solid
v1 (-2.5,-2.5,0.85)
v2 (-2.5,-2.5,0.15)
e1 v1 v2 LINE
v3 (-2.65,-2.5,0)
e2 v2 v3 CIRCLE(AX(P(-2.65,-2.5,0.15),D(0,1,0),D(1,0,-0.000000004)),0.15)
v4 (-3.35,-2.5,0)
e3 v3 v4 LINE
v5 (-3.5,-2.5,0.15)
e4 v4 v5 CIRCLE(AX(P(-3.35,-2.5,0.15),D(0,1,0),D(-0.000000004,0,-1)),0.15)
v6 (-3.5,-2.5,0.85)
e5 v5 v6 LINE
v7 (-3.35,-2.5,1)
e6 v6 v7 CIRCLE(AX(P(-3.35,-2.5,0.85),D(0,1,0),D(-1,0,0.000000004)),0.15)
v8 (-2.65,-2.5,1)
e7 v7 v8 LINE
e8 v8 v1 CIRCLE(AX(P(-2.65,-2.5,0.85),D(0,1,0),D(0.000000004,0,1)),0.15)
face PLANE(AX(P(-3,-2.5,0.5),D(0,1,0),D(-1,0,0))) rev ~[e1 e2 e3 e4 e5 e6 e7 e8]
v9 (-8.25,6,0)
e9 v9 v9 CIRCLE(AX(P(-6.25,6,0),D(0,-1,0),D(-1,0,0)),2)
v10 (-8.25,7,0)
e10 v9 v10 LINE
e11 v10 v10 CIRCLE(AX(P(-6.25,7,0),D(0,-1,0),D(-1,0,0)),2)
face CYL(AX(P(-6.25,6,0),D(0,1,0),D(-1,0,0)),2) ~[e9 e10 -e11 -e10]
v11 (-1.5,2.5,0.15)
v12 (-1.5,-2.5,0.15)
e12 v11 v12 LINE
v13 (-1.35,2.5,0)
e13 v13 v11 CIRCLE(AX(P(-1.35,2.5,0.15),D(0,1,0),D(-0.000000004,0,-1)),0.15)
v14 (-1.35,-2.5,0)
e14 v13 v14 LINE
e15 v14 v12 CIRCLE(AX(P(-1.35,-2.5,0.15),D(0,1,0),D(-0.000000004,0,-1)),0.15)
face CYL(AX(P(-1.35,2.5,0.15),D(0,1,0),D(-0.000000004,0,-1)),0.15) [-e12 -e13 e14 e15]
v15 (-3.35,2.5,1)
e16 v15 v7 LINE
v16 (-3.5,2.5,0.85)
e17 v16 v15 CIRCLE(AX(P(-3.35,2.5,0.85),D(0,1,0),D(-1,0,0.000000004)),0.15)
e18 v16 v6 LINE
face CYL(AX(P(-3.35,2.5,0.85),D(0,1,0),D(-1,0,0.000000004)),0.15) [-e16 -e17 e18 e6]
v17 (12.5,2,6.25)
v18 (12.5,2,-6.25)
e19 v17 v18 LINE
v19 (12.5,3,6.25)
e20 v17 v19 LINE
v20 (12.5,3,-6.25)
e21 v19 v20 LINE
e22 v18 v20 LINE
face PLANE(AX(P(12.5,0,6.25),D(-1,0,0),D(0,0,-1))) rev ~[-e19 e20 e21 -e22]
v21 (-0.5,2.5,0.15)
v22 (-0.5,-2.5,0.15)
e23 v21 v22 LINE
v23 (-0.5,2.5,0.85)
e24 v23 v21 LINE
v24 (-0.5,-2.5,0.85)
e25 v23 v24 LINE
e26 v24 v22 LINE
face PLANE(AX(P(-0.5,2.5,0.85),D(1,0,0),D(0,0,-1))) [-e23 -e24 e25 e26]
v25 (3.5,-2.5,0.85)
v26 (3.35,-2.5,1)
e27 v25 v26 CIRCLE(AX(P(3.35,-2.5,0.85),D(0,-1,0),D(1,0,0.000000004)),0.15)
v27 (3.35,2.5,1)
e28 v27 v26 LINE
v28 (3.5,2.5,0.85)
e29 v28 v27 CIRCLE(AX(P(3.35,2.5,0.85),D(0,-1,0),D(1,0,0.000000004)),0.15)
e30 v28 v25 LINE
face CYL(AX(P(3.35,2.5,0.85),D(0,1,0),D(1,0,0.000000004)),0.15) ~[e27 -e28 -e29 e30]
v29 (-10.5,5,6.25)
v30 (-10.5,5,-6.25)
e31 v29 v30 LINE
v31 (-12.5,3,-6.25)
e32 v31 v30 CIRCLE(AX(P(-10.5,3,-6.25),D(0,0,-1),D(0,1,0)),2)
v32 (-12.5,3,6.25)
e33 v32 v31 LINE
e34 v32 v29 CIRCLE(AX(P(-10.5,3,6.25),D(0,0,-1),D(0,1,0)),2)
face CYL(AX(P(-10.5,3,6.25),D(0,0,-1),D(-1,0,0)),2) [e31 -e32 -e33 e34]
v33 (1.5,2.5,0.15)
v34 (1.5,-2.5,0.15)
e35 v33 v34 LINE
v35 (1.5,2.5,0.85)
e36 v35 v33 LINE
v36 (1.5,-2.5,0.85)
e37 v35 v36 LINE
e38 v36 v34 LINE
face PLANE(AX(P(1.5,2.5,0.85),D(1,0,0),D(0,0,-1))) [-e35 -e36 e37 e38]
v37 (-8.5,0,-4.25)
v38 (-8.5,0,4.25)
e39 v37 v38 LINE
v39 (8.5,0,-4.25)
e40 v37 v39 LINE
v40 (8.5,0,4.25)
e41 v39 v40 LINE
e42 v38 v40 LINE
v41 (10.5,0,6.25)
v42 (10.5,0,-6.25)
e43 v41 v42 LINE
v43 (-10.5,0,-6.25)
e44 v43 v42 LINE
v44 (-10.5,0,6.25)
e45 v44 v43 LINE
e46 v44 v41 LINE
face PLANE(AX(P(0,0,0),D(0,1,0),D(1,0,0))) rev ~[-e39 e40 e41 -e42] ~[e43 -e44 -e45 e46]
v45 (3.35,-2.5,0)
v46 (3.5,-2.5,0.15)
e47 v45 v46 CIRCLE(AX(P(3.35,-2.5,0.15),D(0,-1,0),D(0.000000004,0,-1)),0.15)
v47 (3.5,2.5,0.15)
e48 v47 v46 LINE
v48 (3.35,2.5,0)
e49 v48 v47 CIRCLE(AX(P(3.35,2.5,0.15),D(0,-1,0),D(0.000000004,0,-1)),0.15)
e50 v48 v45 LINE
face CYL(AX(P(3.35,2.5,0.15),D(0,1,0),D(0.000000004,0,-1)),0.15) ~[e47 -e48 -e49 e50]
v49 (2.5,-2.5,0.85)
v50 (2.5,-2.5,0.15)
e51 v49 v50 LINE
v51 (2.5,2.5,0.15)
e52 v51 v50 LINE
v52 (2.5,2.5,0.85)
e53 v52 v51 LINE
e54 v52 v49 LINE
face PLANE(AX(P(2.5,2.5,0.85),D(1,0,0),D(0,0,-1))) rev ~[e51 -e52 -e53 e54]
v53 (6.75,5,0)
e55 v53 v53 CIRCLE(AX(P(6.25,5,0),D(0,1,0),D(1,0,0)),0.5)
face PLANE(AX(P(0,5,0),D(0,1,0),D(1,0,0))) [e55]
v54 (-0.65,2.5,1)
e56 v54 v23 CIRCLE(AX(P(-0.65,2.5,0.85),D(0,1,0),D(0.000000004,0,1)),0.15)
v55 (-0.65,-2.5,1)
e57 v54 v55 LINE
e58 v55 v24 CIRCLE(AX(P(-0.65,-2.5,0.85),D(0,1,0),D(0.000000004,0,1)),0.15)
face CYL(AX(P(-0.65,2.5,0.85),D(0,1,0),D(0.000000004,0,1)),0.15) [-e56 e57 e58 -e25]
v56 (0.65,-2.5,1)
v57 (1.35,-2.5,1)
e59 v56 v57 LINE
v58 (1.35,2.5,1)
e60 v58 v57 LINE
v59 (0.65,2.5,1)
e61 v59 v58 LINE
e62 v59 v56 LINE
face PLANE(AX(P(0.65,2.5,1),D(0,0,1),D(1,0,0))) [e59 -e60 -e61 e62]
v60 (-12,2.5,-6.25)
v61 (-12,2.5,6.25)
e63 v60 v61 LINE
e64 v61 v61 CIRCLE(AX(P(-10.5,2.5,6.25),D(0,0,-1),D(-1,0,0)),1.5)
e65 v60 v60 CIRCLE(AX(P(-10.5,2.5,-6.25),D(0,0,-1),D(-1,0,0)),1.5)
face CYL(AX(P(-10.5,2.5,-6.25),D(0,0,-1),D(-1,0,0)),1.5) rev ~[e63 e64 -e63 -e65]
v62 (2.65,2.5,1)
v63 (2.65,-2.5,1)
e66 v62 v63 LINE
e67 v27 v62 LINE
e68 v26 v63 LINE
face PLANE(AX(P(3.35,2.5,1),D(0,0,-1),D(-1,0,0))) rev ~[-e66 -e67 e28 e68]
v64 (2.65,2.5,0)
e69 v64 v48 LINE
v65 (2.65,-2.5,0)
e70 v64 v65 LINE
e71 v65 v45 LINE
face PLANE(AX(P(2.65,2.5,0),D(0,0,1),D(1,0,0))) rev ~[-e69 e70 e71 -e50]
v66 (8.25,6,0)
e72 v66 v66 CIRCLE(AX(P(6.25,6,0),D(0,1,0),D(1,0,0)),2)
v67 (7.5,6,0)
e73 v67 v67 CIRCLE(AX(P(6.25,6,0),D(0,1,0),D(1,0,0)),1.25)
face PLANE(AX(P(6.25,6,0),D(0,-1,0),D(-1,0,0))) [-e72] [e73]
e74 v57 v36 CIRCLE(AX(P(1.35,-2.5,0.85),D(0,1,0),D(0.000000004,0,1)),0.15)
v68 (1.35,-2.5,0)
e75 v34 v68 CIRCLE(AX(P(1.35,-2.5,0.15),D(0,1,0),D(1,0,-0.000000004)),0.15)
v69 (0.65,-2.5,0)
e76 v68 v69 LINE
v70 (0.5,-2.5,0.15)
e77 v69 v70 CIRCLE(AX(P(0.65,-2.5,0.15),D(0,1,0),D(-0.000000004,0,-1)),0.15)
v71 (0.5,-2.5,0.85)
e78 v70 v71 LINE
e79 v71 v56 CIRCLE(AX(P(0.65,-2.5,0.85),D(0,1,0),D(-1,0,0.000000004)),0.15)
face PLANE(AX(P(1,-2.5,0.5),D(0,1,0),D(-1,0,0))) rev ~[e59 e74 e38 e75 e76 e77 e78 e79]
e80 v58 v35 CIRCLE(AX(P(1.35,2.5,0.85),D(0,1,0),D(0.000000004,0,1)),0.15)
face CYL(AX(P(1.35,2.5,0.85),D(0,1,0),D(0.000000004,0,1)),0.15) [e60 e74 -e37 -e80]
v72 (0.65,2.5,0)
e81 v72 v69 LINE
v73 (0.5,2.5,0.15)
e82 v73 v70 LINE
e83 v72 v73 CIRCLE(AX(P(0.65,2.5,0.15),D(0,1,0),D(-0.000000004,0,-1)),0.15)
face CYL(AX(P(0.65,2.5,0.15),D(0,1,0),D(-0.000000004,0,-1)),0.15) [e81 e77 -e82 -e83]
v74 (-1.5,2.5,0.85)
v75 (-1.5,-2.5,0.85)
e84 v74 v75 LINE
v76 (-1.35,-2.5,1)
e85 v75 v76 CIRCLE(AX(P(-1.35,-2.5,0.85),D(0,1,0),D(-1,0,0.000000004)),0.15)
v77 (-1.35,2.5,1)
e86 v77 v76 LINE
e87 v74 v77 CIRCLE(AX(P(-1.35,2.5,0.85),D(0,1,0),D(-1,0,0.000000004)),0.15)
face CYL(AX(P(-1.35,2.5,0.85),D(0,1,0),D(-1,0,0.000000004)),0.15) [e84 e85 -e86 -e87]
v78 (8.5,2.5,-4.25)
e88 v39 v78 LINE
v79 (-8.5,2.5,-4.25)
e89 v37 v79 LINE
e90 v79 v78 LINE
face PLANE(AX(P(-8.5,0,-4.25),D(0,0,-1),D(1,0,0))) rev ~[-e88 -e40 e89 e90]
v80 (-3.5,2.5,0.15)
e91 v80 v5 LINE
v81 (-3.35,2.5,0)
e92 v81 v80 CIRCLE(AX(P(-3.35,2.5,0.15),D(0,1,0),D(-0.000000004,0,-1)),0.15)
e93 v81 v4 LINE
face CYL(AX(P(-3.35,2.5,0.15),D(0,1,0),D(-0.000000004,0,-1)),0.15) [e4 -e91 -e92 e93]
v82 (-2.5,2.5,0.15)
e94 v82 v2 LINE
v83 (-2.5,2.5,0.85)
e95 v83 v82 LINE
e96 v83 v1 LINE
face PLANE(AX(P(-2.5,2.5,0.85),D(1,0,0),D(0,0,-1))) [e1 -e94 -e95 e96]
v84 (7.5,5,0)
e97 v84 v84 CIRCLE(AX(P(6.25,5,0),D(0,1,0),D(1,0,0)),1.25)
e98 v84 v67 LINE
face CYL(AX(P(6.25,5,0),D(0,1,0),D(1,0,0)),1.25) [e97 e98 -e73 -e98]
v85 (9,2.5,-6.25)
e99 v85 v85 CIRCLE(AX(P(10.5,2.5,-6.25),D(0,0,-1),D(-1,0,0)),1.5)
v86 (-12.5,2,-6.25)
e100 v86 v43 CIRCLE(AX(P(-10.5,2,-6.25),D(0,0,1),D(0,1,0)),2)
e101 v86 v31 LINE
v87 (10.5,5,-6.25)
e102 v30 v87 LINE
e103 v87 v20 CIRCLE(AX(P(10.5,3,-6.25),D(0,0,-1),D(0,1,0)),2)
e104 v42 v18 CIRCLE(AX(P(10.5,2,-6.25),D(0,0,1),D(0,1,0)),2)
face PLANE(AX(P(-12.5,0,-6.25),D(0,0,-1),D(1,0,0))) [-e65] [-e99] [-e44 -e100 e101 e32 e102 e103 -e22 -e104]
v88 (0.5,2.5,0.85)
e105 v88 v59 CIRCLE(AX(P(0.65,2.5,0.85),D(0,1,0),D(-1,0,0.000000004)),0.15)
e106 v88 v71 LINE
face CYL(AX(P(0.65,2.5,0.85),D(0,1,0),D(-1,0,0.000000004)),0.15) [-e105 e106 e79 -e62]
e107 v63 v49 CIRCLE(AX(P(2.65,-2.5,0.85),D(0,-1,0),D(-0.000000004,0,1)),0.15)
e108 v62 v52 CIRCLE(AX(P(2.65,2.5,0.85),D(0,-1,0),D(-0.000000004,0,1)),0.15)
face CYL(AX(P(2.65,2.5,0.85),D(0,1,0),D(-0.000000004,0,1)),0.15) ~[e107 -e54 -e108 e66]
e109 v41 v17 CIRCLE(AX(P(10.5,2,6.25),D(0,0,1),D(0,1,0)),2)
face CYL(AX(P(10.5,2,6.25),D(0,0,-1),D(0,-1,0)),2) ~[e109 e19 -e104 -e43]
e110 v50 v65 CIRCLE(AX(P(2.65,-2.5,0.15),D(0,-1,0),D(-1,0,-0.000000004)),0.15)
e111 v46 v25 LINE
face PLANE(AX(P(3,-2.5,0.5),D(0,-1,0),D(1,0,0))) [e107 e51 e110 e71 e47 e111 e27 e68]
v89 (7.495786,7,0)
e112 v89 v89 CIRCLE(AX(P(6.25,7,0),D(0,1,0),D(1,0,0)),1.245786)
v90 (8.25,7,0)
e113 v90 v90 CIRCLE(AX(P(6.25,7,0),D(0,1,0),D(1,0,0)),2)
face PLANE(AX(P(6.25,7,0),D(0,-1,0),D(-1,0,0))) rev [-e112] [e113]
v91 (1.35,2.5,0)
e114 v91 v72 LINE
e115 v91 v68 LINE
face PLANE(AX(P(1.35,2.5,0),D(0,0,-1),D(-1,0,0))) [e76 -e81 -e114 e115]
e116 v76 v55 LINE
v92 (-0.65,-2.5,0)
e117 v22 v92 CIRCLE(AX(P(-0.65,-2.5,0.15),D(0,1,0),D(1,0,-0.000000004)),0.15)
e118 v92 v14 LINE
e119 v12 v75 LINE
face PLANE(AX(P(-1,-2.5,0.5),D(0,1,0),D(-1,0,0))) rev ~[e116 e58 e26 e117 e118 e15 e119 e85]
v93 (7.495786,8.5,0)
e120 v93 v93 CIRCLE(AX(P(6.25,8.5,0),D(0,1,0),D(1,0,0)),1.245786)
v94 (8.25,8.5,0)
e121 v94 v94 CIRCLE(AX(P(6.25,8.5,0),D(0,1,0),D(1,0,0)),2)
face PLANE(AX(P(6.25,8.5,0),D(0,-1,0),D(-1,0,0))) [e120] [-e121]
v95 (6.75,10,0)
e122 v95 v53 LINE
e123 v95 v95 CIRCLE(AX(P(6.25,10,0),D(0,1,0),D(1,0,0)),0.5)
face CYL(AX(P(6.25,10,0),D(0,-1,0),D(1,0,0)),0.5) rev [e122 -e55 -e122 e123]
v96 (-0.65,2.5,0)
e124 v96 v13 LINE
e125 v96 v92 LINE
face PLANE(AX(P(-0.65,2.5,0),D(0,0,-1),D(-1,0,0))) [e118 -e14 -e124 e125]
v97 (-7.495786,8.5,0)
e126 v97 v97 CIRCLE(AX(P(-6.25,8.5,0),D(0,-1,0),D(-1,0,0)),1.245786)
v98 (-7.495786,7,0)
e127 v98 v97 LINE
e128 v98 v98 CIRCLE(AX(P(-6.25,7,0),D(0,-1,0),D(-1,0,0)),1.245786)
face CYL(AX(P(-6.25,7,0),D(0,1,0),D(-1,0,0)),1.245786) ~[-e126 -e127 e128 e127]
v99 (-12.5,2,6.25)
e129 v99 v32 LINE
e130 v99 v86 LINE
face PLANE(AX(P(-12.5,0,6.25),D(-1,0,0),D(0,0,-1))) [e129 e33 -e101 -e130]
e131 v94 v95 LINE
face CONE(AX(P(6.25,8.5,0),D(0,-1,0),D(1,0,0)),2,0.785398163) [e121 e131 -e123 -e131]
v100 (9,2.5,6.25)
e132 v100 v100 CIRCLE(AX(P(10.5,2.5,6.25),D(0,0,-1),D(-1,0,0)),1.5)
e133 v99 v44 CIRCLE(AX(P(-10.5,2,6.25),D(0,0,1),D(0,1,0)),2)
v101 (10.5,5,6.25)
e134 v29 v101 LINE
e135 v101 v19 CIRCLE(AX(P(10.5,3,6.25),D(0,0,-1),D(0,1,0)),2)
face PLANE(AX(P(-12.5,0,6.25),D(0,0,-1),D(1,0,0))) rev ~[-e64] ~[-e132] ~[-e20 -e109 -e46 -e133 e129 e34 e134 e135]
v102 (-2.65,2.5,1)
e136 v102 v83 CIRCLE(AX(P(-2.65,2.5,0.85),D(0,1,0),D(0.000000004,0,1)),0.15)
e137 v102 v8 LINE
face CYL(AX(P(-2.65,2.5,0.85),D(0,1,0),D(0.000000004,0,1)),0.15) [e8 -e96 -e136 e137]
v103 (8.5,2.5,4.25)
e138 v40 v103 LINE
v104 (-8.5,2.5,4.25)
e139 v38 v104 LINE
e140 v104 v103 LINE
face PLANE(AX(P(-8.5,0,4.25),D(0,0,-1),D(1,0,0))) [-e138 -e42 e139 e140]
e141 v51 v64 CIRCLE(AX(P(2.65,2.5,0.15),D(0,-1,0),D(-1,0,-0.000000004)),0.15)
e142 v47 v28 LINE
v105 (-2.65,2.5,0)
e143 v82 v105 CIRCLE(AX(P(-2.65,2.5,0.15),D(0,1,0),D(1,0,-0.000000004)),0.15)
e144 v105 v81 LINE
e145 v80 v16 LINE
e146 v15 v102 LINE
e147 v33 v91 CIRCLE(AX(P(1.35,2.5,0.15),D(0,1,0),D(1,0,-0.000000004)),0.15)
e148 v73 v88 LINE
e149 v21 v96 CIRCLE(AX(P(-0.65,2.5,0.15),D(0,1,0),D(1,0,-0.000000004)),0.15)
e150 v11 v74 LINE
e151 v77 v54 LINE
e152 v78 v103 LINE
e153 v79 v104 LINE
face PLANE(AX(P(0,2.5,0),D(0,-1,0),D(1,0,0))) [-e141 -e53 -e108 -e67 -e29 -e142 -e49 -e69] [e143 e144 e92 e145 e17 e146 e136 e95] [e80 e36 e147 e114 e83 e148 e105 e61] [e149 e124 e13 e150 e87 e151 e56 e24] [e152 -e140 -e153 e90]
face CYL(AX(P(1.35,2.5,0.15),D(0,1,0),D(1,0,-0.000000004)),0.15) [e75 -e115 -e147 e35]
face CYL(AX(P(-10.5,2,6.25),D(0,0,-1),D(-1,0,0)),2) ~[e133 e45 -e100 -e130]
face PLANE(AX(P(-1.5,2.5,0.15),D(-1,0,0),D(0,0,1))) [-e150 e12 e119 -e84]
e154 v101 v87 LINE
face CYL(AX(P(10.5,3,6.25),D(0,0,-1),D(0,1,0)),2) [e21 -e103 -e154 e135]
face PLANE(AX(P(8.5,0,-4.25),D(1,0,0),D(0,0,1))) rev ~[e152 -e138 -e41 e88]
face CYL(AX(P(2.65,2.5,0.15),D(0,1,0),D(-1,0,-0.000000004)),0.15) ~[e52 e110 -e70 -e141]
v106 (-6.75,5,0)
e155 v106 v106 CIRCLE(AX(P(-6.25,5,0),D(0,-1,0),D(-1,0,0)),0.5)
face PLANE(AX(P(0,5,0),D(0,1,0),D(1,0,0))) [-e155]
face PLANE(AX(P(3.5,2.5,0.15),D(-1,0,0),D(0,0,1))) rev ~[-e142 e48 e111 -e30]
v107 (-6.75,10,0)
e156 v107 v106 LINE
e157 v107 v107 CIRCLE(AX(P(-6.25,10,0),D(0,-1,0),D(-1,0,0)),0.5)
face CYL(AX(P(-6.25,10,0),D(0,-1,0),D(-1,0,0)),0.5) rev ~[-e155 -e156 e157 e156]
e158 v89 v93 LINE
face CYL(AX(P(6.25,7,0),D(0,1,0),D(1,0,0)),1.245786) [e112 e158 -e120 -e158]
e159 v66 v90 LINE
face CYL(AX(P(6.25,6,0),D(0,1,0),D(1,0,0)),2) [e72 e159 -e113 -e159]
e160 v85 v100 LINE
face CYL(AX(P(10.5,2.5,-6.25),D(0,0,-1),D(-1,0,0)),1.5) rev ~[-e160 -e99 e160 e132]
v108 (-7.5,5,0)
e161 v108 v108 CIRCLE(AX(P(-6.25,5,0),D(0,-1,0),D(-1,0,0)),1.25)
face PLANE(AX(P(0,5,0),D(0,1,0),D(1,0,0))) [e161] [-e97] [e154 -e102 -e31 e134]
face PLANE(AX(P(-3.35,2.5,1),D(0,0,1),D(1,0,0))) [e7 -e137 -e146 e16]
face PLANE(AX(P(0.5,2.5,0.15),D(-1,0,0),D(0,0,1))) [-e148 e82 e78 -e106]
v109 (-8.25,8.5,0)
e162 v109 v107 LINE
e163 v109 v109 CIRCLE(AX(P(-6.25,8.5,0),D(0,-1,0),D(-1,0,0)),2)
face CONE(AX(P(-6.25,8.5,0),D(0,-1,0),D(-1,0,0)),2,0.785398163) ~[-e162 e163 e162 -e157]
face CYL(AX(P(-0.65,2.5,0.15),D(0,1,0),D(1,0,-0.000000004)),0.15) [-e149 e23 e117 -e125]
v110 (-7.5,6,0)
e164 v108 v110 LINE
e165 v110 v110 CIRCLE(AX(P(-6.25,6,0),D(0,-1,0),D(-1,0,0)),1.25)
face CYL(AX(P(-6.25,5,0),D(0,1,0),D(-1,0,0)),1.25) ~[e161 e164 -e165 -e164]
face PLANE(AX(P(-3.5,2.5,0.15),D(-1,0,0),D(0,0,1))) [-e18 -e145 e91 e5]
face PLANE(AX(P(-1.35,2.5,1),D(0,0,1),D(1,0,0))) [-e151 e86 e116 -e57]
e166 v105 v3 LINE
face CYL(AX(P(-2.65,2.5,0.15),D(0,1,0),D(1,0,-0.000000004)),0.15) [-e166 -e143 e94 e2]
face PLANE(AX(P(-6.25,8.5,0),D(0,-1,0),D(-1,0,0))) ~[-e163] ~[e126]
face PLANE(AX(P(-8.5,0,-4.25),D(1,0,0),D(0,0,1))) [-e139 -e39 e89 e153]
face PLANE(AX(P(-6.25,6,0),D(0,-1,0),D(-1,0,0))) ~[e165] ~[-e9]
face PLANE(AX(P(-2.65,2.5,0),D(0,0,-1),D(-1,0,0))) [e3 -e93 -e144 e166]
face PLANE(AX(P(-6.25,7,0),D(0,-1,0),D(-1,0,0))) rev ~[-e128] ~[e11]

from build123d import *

# Parameters (mm, degrees)
SKETCH1_W           = 25
SKETCH1_H           = 12.5
BOSS_EXTRUDE1_DEPTH = 5
FILLET1_R           = 2
SKETCH4_R           = 1.5
CUT_EXTRUDE1_DEPTH  = 21.310096012
SKETCH5_W           = 17
SKETCH5_H           = 8.5
CUT_EXTRUDE2_DEPTH  = 2.5
BOSS_EXTRUDE2_DEPTH = 5


with BuildPart() as part:
    # Sketch1 → Boss-Extrude1 (new body)
    with BuildSketch(Plane(origin=(0, 0, 0), x_dir=(1, 0, 0), z_dir=(0, 1, 0))):
        Rectangle(SKETCH1_W, SKETCH1_H)
    extrude(amount=BOSS_EXTRUDE1_DEPTH)

    # Sketch3 → Revolve1 (revolve)
    with BuildSketch(Plane.XY):
        Polygon((-6.75, 5), (-7.5, 5), (-7.5, 6), (-8.25, 6), (-8.25, 7), (-7.495786155, 7), (-7.495786155, 8.5), (-8.25, 8.5), (-6.75, 10), align=None)
    revolve1 = revolve(axis=Axis((-6.25, 11.553372133, 0), (0, -1, 0)))

    # Fillet1
    fillet1_edges = [part.edges().sort_by_distance(p)[0] for p in [
        (12.5, 5, 0),
        (-12.5, 5, 0),
        (12.5, 0, 0),
        (-12.5, 0, 0),
    ]]
    fillet(fillet1_edges, radius=FILLET1_R)

    # Sketch4 → Cut-Extrude1 (cut, through all)
    with BuildSketch(Plane(origin=(0, 0, -6.25), x_dir=(-1, 0, 0), z_dir=(0, 0, -1))):
        with Locations((10.5, 2.5)):
            Circle(SKETCH4_R)
        with Locations((-10.5, 2.5)):
            Circle(SKETCH4_R)
    extrude(amount=-CUT_EXTRUDE1_DEPTH, mode=Mode.SUBTRACT)

    # Mirror1: Revolve1 across plane
    add(revolve1.mirror(Plane(origin=(0, 0, 0), x_dir=(0, 0, 1), z_dir=(1, 0, 0))))

    # Sketch5 → Cut-Extrude2 (cut)
    with BuildSketch(Plane.XZ):
        Rectangle(SKETCH5_W, SKETCH5_H)
    extrude(amount=-CUT_EXTRUDE2_DEPTH, mode=Mode.SUBTRACT)

    # Sketch6 → Boss-Extrude2 (add)
    with BuildSketch(Plane.XZ.offset(-2.5)):
        with BuildLine():
            Line((0.5, 0.15), (0.5, 0.85))
            ThreePointArc((0.5, 0.85), (0.543933983, 0.956066017), (0.65, 1))
            Line((0.65, 1), (1.35, 1))
            ThreePointArc((1.35, 1), (1.456066017, 0.956066017), (1.5, 0.85))
            Line((1.5, 0.85), (1.5, 0.15))
            ThreePointArc((1.5, 0.15), (1.456066017, 0.043933983), (1.35, 0))
            Line((1.35, 0), (0.65, 0))
            ThreePointArc((0.65, 0), (0.543933983, 0.043933983), (0.5, 0.15))
        make_face()
        with BuildLine():
            Line((2.65, 0), (3.35, 0))
            ThreePointArc((3.35, 0), (3.456066017, 0.043933983), (3.5, 0.15))
            Line((3.5, 0.15), (3.5, 0.85))
            ThreePointArc((3.5, 0.85), (3.456066017, 0.956066017), (3.35, 1))
            Line((3.35, 1), (2.65, 1))
            ThreePointArc((2.65, 1), (2.543933983, 0.956066017), (2.5, 0.85))
            Line((2.5, 0.85), (2.5, 0.15))
            ThreePointArc((2.5, 0.15), (2.543933983, 0.043933983), (2.65, 0))
        make_face()
        with BuildLine():
            Line((-1.5, 0.15), (-1.5, 0.85))
            ThreePointArc((-1.5, 0.85), (-1.456066017, 0.956066017), (-1.35, 1))
            Line((-1.35, 1), (-0.65, 1))
            ThreePointArc((-0.65, 1), (-0.543933983, 0.956066017), (-0.5, 0.85))
            Line((-0.5, 0.85), (-0.5, 0.15))
            ThreePointArc((-0.5, 0.15), (-0.543933983, 0.043933983), (-0.65, 0))
            Line((-0.65, 0), (-1.35, 0))
            ThreePointArc((-1.35, 0), (-1.456066017, 0.043933983), (-1.5, 0.15))
        make_face()
        with BuildLine():
            Line((-3.5, 0.15), (-3.5, 0.85))
            ThreePointArc((-3.5, 0.85), (-3.456066017, 0.956066017), (-3.35, 1))
            Line((-3.35, 1), (-2.65, 1))
            ThreePointArc((-2.65, 1), (-2.543933983, 0.956066017), (-2.5, 0.85))
            Line((-2.5, 0.85), (-2.5, 0.15))
            ThreePointArc((-2.5, 0.15), (-2.543933983, 0.043933983), (-2.65, 0))
            Line((-2.65, 0), (-3.35, 0))
            ThreePointArc((-3.35, 0), (-3.456066017, 0.043933983), (-3.5, 0.15))
        make_face()
    extrude(amount=BOSS_EXTRUDE2_DEPTH)


solid = part.part
